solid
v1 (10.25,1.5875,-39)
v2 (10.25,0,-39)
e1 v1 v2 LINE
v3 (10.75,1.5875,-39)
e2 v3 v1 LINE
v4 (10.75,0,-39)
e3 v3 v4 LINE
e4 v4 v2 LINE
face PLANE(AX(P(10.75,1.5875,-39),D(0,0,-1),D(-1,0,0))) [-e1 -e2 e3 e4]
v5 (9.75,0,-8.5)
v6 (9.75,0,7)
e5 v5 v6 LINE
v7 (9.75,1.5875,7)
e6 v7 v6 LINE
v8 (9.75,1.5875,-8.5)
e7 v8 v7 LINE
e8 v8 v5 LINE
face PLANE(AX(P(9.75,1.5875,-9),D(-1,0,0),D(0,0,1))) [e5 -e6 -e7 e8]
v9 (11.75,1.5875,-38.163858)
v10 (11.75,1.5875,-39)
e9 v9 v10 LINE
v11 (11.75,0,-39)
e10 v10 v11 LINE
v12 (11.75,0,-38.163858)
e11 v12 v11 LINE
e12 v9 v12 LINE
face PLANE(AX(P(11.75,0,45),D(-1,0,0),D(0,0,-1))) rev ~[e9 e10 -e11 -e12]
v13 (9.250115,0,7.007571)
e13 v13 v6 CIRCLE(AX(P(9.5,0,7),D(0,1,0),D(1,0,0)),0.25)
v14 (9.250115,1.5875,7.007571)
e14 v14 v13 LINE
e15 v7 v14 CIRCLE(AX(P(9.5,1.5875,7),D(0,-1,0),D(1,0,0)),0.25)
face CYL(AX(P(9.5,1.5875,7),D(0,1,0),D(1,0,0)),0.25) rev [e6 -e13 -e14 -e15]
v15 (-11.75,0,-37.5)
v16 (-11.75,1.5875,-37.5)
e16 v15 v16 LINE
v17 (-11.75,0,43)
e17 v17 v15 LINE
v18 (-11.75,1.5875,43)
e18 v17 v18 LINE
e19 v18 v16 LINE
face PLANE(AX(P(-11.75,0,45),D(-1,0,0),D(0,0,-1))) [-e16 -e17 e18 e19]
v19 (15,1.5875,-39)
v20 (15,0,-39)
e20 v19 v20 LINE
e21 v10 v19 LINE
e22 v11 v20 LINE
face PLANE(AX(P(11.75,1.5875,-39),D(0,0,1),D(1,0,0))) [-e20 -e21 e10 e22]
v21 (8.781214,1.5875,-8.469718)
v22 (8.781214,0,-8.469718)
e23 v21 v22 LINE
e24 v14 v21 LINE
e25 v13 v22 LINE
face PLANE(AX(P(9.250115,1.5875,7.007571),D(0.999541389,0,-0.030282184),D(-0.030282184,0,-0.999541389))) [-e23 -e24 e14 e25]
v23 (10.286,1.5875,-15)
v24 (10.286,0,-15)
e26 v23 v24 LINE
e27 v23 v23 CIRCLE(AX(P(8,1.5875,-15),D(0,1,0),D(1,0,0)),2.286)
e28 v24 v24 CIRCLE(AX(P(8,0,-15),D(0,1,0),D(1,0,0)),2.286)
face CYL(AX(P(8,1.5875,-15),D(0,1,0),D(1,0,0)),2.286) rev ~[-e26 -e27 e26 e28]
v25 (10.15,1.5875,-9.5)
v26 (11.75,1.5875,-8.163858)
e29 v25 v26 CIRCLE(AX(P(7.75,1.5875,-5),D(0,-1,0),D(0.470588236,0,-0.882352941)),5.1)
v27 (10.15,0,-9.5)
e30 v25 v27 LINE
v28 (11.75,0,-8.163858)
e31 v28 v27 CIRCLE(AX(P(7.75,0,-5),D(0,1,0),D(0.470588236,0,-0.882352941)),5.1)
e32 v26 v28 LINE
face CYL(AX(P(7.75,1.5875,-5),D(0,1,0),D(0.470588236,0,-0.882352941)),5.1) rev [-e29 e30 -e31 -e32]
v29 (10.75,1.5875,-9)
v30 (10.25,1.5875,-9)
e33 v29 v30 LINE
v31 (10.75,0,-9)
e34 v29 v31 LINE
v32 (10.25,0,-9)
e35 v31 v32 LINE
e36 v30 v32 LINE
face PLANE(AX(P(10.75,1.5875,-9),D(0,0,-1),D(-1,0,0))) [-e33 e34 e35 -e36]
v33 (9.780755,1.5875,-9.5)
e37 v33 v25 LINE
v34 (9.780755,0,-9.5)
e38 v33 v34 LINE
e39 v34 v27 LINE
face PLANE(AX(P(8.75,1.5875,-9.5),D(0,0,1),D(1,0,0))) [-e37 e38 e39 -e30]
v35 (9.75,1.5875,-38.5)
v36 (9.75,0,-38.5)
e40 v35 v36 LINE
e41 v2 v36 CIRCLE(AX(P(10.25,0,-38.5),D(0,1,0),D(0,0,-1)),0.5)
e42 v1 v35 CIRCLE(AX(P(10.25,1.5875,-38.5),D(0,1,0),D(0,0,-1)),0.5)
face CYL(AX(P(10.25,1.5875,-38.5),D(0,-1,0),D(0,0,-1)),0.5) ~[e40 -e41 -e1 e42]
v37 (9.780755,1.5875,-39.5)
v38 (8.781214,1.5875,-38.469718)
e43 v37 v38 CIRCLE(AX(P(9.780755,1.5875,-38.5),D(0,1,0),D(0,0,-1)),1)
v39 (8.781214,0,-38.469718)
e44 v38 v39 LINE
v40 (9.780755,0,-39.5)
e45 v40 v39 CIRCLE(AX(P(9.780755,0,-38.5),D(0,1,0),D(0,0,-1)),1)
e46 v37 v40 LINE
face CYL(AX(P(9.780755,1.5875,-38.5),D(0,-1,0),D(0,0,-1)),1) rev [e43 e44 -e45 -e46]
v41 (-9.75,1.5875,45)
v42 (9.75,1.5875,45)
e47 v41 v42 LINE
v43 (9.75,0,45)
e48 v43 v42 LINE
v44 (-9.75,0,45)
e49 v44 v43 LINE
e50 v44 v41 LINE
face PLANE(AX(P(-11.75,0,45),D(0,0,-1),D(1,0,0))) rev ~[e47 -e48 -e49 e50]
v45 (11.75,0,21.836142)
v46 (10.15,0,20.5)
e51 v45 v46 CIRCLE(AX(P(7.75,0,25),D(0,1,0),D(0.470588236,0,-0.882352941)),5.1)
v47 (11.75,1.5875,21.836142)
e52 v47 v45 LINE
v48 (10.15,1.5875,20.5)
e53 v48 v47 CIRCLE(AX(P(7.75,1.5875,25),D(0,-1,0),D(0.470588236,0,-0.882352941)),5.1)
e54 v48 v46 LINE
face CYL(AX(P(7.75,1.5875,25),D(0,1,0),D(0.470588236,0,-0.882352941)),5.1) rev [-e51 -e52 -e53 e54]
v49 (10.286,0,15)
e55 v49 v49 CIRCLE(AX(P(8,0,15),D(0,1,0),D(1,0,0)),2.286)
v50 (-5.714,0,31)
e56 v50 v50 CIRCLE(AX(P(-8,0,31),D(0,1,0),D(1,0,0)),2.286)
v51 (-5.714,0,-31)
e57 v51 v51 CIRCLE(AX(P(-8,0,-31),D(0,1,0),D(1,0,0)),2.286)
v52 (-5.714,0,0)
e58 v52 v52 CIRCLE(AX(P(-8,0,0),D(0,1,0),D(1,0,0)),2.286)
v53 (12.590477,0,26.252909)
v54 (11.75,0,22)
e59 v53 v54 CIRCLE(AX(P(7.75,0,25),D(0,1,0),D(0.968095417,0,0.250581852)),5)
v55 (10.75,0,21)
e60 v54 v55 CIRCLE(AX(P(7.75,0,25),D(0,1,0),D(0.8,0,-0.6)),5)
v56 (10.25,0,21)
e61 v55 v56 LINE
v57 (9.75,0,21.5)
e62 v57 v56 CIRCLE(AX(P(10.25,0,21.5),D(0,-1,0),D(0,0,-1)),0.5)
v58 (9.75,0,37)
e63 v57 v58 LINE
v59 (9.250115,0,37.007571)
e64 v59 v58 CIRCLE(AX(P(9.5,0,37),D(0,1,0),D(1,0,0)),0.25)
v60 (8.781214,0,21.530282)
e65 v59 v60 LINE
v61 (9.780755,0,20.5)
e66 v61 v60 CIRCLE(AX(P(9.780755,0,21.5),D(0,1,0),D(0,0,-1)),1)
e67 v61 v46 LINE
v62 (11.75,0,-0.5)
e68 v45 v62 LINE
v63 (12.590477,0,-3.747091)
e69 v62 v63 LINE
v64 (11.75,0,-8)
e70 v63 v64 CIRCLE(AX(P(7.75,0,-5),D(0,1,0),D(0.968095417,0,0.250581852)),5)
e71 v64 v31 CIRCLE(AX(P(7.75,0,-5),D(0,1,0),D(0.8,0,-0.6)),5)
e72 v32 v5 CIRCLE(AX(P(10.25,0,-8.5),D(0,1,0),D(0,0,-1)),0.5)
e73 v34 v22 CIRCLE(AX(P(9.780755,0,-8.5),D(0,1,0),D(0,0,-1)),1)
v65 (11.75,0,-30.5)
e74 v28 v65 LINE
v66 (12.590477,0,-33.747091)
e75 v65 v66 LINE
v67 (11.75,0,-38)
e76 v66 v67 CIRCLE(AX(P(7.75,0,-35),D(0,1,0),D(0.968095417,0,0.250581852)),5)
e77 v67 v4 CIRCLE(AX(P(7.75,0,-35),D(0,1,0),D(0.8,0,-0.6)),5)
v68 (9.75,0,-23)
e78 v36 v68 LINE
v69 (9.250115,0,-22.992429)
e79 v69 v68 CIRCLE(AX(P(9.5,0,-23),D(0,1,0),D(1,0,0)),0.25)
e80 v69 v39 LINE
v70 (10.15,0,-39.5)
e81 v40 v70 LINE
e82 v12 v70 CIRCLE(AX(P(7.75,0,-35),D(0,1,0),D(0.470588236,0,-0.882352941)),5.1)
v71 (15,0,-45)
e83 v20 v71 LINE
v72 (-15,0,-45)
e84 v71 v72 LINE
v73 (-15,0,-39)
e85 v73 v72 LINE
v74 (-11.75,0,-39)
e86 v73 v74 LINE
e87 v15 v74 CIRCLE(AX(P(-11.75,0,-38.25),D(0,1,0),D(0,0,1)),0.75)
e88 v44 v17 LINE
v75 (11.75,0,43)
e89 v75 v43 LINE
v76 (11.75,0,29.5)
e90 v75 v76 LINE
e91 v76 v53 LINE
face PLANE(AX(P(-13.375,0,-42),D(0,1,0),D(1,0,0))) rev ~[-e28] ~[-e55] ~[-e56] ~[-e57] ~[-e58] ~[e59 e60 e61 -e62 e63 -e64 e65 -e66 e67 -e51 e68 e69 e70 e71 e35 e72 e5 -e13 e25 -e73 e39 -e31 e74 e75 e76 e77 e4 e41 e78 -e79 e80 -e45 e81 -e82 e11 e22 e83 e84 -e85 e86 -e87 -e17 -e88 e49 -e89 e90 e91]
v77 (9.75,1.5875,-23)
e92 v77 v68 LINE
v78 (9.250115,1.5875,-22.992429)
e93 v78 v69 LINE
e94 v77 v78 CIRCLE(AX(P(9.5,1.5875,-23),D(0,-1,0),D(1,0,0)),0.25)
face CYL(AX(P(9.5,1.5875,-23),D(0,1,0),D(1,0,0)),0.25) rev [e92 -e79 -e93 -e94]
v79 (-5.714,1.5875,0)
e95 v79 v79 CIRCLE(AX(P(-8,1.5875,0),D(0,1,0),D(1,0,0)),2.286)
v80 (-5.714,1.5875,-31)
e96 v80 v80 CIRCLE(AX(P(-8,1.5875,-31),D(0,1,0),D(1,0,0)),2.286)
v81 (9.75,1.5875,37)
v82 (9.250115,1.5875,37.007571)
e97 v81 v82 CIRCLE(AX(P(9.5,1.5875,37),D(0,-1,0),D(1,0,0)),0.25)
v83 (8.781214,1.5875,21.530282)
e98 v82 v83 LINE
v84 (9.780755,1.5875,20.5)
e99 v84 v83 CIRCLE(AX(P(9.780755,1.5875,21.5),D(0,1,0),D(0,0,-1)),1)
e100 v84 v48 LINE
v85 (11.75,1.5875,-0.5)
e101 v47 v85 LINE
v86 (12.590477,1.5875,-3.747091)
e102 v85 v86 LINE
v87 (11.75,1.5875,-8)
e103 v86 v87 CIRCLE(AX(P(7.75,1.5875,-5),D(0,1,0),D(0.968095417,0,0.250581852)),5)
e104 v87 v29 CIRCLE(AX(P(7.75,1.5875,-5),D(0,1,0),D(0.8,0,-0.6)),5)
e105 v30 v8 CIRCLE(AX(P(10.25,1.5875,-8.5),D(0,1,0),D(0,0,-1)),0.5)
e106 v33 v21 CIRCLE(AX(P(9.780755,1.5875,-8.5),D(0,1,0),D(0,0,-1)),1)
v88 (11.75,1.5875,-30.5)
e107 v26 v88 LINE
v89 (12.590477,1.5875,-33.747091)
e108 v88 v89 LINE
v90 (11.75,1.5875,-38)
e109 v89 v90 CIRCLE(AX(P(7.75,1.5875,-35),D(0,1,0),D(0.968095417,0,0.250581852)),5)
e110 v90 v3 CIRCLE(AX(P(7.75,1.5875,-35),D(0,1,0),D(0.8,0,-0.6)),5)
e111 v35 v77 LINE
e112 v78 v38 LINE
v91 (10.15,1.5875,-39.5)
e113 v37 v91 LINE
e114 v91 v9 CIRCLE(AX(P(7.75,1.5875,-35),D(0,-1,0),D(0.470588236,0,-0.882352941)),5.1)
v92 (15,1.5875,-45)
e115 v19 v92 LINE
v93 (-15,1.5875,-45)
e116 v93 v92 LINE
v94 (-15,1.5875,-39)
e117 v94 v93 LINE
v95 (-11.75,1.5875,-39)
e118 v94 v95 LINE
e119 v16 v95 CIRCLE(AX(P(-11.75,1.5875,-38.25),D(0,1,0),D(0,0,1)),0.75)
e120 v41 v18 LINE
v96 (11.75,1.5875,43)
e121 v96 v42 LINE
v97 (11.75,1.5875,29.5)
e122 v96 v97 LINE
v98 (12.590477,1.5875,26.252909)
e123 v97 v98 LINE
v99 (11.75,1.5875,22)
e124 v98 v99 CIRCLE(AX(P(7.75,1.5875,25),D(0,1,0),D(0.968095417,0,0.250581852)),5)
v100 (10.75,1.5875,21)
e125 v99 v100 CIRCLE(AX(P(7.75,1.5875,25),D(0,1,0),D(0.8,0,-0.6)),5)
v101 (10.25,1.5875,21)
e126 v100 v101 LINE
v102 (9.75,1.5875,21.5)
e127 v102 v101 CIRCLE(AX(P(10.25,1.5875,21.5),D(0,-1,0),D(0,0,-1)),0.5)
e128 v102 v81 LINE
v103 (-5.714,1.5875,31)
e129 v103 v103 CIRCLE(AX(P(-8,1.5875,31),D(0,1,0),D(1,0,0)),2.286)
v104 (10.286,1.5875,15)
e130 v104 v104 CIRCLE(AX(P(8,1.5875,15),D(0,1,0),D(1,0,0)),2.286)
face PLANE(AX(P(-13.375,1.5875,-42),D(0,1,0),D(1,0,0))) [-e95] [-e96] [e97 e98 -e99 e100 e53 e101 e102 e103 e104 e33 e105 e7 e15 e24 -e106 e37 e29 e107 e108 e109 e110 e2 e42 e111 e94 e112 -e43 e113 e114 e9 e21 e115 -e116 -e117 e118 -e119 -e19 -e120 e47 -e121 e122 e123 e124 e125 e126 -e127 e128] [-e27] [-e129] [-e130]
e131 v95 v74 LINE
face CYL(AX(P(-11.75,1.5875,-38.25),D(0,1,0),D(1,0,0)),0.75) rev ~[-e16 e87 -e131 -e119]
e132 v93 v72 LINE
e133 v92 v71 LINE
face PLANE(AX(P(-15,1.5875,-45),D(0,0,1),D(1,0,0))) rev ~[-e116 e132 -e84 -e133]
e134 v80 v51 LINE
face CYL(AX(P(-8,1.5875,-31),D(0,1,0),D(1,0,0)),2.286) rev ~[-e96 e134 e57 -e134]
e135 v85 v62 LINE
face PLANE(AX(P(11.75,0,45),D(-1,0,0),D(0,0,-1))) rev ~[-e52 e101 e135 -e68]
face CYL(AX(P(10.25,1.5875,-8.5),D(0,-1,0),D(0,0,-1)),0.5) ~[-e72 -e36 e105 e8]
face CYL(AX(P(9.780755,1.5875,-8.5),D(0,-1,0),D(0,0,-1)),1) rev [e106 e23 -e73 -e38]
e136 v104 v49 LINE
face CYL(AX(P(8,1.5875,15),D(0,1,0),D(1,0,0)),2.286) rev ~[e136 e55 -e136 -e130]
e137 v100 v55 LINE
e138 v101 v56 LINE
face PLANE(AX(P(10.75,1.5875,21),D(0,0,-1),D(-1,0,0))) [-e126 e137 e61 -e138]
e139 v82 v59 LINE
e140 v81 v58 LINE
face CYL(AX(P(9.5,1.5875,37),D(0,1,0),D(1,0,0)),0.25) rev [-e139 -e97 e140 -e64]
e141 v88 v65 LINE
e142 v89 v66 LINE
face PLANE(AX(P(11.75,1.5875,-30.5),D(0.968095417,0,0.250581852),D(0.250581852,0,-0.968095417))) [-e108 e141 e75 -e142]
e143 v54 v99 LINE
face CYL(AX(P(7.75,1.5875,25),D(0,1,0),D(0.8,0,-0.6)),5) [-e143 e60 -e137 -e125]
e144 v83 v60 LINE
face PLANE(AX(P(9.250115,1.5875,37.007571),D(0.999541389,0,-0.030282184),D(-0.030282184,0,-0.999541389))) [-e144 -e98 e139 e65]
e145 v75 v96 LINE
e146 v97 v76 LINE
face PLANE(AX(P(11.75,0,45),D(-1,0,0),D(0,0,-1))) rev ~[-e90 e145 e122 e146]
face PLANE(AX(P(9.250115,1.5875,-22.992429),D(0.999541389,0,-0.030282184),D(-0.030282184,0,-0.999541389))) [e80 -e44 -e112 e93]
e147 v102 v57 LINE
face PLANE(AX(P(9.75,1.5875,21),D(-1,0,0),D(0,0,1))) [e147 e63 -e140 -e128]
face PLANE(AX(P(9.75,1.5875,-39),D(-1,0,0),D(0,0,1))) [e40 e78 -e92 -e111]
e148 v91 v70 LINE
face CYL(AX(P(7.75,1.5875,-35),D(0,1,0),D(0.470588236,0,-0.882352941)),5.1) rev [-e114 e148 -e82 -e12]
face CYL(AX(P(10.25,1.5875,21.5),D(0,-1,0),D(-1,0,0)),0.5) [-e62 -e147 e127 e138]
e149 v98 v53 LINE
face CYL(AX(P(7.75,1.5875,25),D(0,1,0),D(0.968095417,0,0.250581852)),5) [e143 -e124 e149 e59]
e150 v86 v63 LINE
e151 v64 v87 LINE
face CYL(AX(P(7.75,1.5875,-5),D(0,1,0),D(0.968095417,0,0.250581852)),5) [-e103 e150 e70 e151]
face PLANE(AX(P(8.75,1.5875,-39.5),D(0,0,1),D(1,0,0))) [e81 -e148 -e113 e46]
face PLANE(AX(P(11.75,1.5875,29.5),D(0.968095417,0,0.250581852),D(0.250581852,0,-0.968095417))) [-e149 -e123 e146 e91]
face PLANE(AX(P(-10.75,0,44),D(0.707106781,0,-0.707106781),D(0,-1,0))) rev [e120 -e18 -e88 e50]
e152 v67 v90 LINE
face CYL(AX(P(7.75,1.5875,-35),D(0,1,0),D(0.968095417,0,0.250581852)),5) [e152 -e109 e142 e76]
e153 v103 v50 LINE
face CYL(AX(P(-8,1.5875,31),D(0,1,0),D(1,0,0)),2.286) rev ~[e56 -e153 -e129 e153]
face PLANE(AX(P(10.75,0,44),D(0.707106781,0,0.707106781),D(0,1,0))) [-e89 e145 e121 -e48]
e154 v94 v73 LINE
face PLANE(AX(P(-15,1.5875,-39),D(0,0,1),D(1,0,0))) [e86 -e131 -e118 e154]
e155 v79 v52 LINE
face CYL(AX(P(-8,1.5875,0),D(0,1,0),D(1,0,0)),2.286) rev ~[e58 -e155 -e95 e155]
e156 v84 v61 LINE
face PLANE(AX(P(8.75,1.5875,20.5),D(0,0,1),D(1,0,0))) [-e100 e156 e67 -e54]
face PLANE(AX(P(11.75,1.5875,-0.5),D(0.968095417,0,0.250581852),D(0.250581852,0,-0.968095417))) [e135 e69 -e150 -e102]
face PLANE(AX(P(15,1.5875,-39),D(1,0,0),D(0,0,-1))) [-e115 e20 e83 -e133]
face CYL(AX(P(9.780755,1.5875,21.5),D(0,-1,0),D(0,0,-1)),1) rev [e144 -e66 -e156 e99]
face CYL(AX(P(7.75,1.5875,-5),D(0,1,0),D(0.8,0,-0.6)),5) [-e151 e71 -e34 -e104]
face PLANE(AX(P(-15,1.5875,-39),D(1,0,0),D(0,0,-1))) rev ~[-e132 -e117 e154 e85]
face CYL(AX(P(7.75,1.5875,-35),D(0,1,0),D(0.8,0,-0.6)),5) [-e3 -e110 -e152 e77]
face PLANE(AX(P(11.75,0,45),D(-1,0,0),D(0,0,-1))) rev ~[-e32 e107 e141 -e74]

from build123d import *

# Parameters (mm, degrees)
SKETCH1_W           = 23.5
SKETCH1_H           = 90
BOSS_EXTRUDE1_DEPTH = 1.5875
BOSS_EXTRUDE2_DEPTH = 1.5875
CUT_EXTRUDE3_DEPTH  = 2.5875
LPATTERN1_COUNT     = 3
LPATTERN1_PITCH     = 30
SKETCH5_R           = 2.286
CUT_EXTRUDE4_DEPTH  = 2.5875
CHAMFER1_SIZE       = 2
SKETCH6_W           = 3.25
SKETCH6_H           = 6
BOSS_EXTRUDE3_DEPTH = 1.5875
FILLET1_R           = 1
FILLET2_R           = 0.5
SKETCH7_R           = 0.75
CUT_EXTRUDE5_DEPTH  = 2.5875


with BuildPart() as part:
    # Sketch1 → Boss-Extrude1 (new body)
    with BuildSketch(Plane(origin=(0, 0, 0), x_dir=(1, 0, 0), z_dir=(0, 1, 0))):
        Rectangle(SKETCH1_W, SKETCH1_H)
    extrude(amount=BOSS_EXTRUDE1_DEPTH)

    # Sketch2 → Boss-Extrude2 (add)
    with BuildSketch(Plane(origin=(0, 1.5875, 0), x_dir=(1, 0, 0), z_dir=(0, 1, 0))):
        with BuildLine():
            Line((11.75, -29.5), (12.590477082, -26.25290926))
            ThreePointArc((12.590477082, -26.25290926), (3.882734587, -21.830732226), (9.929449472, -29.5))
            Line((9.929449472, -29.5), (11.75, -29.5))
        make_face()
    boss_extrude2 = extrude(amount=-BOSS_EXTRUDE2_DEPTH)

    # Sketch4 → Cut-Extrude3 (cut, through all)
    with BuildSketch(Plane(origin=(0, 1.5875, 0), x_dir=(1, 0, 0), z_dir=(0, 1, 0))):
        with BuildLine():
            Line((10.75, -21), (9.75, -21))
            Line((9.75, -21), (9.75, -37))
            ThreePointArc((9.75, -37), (9.503785707, -37.249971335), (9.250114653, -37.007570546))
            Line((9.250114653, -37.007570546), (8.75, -20.5))
            Line((8.75, -20.5), (10.15, -20.5))
            ThreePointArc((10.15, -20.5), (11.018993513, -21.085452592), (11.75, -21.836141596))
            Line((11.75, -21.836141596), (11.75, -22))
            ThreePointArc((11.75, -22), (11.285533906, -21.464466094), (10.75, -21))
        make_face()
    cut_extrude3 = extrude(amount=-CUT_EXTRUDE3_DEPTH, mode=Mode.SUBTRACT)

    # LPattern1: Boss-Extrude2, Cut-Extrude3 ×3
    with Locations(*[(0, 0, -i * LPATTERN1_PITCH) for i in range(1, LPATTERN1_COUNT)]):
        add(boss_extrude2)
        add(cut_extrude3, mode=Mode.SUBTRACT)

    # Sketch5 → Cut-Extrude4 (cut, through all)
    with BuildSketch(Plane(origin=(0, 1.5875, 0), x_dir=(1, 0, 0), z_dir=(0, 1, 0))):
        with Locations((-8, -31)):
            Circle(SKETCH5_R)
        with Locations((8, -15)):
            Circle(SKETCH5_R)
        with Locations((-8, 31)):
            Circle(SKETCH5_R)
        with Locations((8, 15)):
            Circle(SKETCH5_R)
        with Locations((-8, 0)):
            Circle(SKETCH5_R)
    extrude(amount=-CUT_EXTRUDE4_DEPTH, mode=Mode.SUBTRACT)

    # Chamfer1
    chamfer1_edges = [part.edges().sort_by_distance(p)[0] for p in [
        (11.75, 0.79375, 45),
        (-11.75, 0.79375, 45),
    ]]
    chamfer(chamfer1_edges, length=CHAMFER1_SIZE)

    # Sketch6 → Boss-Extrude3 (add)
    with BuildSketch(Plane(origin=(0, 1.5875, 0), x_dir=(1, 0, 0), z_dir=(0, 1, 0))):
        with Locations((-13.375, 42)):
            Rectangle(SKETCH6_W, SKETCH6_H)
        with Locations((13.375, 42)):
            Rectangle(SKETCH6_W, SKETCH6_H)
    extrude(amount=-BOSS_EXTRUDE3_DEPTH)

    # Fillet1
    fillet1_edges = [part.edges().sort_by_distance(p)[0] for p in [
        (8.75, 0.79375, -39.5),
        (8.75, 0.79375, 20.5),
        (8.75, 0.79375, -9.5),
    ]]
    fillet(fillet1_edges, radius=FILLET1_R)

    # Fillet2
    fillet2_edges = [part.edges().sort_by_distance(p)[0] for p in [
        (9.75, 0.79375, -39),
        (9.75, 0.79375, 21),
        (9.75, 0.79375, -9),
    ]]
    fillet(fillet2_edges, radius=FILLET2_R)

    # Sketch7 → Cut-Extrude5 (cut, through all)
    with BuildSketch(Plane(origin=(0, 1.5875, 0), x_dir=(1, 0, 0), z_dir=(0, 1, 0))):
        with Locations((-11.75, 38.25)):
            Circle(SKETCH7_R)
    extrude(amount=-CUT_EXTRUDE5_DEPTH, mode=Mode.SUBTRACT)


solid = part.part
